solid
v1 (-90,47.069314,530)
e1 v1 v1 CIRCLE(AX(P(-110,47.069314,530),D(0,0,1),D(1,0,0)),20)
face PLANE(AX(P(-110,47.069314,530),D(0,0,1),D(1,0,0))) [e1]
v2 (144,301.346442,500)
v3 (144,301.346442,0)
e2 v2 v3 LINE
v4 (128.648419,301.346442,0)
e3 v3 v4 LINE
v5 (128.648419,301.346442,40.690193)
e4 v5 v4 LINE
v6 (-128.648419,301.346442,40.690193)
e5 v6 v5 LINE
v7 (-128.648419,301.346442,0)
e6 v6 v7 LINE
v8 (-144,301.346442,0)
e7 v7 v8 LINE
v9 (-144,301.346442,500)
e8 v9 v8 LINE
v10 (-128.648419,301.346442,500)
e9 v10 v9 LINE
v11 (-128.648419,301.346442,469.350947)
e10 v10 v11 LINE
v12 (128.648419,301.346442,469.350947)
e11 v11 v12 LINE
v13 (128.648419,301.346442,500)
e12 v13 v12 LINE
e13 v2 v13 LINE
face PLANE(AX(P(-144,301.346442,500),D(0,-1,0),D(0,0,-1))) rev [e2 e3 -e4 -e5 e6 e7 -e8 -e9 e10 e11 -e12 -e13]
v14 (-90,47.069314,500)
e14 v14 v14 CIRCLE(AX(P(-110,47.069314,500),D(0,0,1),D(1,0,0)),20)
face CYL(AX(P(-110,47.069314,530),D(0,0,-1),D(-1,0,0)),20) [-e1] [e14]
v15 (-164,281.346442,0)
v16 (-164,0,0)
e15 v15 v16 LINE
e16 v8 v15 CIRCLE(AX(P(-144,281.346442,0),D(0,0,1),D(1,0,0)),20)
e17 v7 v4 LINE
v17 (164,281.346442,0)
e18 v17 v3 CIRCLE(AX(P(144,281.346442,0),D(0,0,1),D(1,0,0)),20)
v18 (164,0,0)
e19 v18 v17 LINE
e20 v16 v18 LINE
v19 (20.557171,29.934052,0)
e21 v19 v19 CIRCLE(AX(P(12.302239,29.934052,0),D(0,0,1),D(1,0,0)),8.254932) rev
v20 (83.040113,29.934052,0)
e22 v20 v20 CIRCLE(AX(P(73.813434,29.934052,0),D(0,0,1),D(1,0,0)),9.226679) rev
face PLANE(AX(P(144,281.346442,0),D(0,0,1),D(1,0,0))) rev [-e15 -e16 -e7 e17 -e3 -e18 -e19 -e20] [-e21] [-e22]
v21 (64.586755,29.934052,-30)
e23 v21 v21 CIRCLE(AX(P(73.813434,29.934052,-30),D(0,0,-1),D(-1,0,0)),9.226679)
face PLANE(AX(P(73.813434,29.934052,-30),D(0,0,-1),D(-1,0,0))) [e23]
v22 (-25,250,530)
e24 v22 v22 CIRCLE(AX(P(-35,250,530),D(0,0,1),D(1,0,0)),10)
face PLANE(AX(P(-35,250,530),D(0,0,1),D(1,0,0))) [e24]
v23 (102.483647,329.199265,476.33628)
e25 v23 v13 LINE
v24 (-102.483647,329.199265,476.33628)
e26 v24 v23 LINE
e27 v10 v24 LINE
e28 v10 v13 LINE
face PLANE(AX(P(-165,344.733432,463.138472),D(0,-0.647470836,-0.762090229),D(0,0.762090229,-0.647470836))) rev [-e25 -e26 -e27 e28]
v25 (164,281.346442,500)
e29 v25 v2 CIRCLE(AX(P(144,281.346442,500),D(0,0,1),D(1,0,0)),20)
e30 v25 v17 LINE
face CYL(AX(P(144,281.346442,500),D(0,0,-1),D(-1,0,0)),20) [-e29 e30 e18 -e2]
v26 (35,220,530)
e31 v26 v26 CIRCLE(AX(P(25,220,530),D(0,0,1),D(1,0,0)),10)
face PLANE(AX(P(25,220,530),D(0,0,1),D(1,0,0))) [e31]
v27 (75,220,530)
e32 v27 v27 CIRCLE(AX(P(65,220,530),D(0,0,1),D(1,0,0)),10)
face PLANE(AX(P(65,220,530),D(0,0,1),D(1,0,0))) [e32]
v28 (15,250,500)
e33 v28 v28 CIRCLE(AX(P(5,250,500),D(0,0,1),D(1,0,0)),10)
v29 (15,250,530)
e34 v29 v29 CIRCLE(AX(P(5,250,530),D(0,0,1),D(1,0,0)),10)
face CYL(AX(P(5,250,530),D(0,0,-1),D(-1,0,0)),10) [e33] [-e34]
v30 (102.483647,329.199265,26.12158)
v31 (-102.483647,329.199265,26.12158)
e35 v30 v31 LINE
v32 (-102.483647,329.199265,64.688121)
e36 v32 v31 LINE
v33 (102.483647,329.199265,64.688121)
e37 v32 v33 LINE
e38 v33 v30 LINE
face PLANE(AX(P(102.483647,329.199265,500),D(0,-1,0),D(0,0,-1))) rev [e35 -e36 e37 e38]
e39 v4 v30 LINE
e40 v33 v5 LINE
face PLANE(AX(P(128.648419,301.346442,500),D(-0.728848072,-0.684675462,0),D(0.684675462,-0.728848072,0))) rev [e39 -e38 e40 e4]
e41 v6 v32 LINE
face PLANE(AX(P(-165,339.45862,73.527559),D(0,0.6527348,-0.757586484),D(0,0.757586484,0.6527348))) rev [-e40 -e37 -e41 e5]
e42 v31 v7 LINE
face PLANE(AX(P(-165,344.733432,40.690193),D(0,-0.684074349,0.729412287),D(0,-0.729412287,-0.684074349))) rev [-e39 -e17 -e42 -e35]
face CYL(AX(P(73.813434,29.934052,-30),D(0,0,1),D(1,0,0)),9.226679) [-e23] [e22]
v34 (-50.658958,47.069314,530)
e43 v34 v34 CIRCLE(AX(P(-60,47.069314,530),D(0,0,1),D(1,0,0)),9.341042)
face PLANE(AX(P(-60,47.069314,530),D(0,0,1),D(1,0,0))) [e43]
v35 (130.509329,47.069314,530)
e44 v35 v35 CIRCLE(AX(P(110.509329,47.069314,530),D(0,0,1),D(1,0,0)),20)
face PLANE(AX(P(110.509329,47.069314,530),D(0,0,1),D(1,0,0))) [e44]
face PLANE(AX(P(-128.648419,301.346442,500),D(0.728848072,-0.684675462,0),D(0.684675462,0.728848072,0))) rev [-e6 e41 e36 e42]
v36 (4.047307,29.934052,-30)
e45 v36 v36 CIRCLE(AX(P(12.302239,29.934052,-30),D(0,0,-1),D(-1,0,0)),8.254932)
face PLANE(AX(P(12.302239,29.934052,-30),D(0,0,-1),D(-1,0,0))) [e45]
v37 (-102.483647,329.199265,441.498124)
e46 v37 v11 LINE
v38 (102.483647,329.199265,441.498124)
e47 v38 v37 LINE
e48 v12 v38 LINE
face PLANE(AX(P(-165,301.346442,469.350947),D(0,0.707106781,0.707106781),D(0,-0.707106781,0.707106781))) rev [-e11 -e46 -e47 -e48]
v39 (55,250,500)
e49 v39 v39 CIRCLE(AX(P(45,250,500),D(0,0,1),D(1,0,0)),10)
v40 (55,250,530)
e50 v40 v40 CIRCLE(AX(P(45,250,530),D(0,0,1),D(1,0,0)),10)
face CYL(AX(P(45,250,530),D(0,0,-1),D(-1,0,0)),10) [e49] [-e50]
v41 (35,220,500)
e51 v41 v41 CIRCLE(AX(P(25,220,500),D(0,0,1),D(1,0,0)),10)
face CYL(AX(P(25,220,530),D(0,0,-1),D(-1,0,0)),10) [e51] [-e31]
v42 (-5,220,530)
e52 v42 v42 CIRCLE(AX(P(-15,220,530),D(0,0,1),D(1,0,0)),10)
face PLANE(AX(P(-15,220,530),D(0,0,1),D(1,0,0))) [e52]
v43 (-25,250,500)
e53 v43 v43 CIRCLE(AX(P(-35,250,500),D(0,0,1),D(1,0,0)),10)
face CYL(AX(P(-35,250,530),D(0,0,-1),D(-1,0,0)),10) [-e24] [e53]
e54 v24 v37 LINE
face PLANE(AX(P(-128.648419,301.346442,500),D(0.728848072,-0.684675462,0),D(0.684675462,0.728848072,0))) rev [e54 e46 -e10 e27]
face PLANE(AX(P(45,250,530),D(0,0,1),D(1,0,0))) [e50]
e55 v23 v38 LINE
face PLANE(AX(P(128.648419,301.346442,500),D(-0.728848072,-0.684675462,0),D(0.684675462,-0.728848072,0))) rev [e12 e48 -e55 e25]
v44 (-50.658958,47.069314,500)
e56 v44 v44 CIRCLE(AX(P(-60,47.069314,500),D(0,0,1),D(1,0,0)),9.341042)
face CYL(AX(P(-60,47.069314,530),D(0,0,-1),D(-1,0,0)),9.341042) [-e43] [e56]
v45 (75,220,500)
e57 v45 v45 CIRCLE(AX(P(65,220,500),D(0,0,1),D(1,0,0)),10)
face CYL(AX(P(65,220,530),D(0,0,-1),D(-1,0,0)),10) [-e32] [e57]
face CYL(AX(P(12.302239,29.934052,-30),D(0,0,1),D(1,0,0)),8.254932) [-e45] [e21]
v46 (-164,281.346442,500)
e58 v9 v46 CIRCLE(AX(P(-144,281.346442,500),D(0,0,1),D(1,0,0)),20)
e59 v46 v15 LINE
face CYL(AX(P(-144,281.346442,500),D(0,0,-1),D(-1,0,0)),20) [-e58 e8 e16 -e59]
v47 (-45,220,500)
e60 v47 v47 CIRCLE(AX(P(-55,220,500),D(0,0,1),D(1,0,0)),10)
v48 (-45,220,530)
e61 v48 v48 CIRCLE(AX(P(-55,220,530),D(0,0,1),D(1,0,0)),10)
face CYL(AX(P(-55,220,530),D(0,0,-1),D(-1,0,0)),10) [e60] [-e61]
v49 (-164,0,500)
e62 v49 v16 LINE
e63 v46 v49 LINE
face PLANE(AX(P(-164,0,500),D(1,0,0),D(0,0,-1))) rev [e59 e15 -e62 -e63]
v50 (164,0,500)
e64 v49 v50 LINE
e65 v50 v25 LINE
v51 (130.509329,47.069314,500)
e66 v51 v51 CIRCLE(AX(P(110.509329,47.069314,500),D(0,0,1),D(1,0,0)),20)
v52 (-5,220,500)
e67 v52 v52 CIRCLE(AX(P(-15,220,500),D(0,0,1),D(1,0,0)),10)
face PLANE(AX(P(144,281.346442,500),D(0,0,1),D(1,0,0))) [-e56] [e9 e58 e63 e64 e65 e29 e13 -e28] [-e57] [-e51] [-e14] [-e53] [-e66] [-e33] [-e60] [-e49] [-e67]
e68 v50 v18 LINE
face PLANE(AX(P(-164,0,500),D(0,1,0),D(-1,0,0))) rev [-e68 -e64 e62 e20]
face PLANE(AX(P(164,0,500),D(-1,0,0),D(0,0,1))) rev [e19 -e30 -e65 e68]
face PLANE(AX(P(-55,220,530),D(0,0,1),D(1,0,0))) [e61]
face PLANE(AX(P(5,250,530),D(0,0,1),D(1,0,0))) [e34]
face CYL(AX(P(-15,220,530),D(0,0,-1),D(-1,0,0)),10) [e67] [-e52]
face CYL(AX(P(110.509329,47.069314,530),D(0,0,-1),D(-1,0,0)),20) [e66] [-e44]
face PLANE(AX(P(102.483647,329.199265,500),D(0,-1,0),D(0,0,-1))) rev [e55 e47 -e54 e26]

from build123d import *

# Parameters (mm, degrees)
EXTRUDE_1_DEPTH     = 500
CUT_EXTRUDE_1_DEPTH = 165
SKETCH_4_R          = 20
SKETCH_4_R_2        = 9.341042427
SKETCH_4_R_3        = 10
EXTRUDE_2_DEPTH     = 30
SKETCH_5_R          = 8.254931616
SKETCH_5_R_2        = 9.226679221
EXTRUDE_3_DEPTH     = 30


with BuildPart() as part:
    # Эскиз2 → Бобышка-Вытянуть1 (new body)
    with BuildSketch(Plane.XY):
        with BuildLine():
            Line((-164, 0), (164, 0))
            Line((164, 0), (164, 281.346442364))
            ThreePointArc((164, 281.346442364), (158.142135624, 295.488577987), (144, 301.346442364))
            Line((144, 301.346442364), (128.648418925, 301.346442364))
            Line((128.648418925, 301.346442364), (102.483646542, 329.199264578))
            Line((102.483646542, 329.199264578), (-102.483646542, 329.199264578))
            Line((-102.483646542, 329.199264578), (-128.648418925, 301.346442364))
            Line((-128.648418925, 301.346442364), (-144, 301.346442364))
            ThreePointArc((-144, 301.346442364), (-158.142135624, 295.488577987), (-164, 281.346442364))
            Line((-164, 281.346442364), (-164, 0))
        make_face()
    extrude(amount=EXTRUDE_1_DEPTH)

    # Эскиз3 → Вырез-Вытянуть1 (cut, symmetric)
    with BuildSketch(Plane(origin=(0, 0, 0), x_dir=(0, 0, -1), z_dir=(1, 0, 0))):
        Polygon((-463.138471818, 344.733431976), (-500, 301.346442364), (-514.613262102, 301.346442364), (-514.613262102, 363.370856045), (0, 363.370856045), (0, 301.346442364), (-40.69019293, 344.733431976), (-73.527559146, 339.458620278), (-40.69019293, 301.346442364), (-469.350946507, 301.346442364), (-431.238768593, 339.458620278), align=None)
    extrude(amount=CUT_EXTRUDE_1_DEPTH, both=True, mode=Mode.SUBTRACT)

    # Эскиз4 → Бобышка-Вытянуть2 (add)
    with BuildSketch(Plane.XY.offset(500)):
        with Locations((-110, 47.069313646)):
            Circle(SKETCH_4_R)
        with Locations((-60, 47.069313646)):
            Circle(SKETCH_4_R_2)
        with Locations((110.509329497, 47.069313646)):
            Circle(SKETCH_4_R)
        with Locations((-35, 250)):
            Circle(SKETCH_4_R_3)
        with Locations((-55, 220)):
            Circle(SKETCH_4_R_3)
        with Locations((-15, 220)):
            Circle(SKETCH_4_R_3)
        with Locations((25, 220)):
            Circle(SKETCH_4_R_3)
        with Locations((65, 220)):
            Circle(SKETCH_4_R_3)
        with Locations((5, 250)):
            Circle(SKETCH_4_R_3)
        with Locations((45, 250)):
            Circle(SKETCH_4_R_3)
    extrude(amount=EXTRUDE_2_DEPTH)

    # Эскиз5 → Бобышка-Вытянуть3 (add)
    with BuildSketch(Plane(origin=(0, 0, 0), x_dir=(-1, 0, 0), z_dir=(0, 0, -1))):
        with Locations((-12.302238961, 29.934052236)):
            Circle(SKETCH_5_R)
        with Locations((-73.813433765, 29.934052236)):
            Circle(SKETCH_5_R_2)
    extrude(amount=EXTRUDE_3_DEPTH)


solid = part.part
